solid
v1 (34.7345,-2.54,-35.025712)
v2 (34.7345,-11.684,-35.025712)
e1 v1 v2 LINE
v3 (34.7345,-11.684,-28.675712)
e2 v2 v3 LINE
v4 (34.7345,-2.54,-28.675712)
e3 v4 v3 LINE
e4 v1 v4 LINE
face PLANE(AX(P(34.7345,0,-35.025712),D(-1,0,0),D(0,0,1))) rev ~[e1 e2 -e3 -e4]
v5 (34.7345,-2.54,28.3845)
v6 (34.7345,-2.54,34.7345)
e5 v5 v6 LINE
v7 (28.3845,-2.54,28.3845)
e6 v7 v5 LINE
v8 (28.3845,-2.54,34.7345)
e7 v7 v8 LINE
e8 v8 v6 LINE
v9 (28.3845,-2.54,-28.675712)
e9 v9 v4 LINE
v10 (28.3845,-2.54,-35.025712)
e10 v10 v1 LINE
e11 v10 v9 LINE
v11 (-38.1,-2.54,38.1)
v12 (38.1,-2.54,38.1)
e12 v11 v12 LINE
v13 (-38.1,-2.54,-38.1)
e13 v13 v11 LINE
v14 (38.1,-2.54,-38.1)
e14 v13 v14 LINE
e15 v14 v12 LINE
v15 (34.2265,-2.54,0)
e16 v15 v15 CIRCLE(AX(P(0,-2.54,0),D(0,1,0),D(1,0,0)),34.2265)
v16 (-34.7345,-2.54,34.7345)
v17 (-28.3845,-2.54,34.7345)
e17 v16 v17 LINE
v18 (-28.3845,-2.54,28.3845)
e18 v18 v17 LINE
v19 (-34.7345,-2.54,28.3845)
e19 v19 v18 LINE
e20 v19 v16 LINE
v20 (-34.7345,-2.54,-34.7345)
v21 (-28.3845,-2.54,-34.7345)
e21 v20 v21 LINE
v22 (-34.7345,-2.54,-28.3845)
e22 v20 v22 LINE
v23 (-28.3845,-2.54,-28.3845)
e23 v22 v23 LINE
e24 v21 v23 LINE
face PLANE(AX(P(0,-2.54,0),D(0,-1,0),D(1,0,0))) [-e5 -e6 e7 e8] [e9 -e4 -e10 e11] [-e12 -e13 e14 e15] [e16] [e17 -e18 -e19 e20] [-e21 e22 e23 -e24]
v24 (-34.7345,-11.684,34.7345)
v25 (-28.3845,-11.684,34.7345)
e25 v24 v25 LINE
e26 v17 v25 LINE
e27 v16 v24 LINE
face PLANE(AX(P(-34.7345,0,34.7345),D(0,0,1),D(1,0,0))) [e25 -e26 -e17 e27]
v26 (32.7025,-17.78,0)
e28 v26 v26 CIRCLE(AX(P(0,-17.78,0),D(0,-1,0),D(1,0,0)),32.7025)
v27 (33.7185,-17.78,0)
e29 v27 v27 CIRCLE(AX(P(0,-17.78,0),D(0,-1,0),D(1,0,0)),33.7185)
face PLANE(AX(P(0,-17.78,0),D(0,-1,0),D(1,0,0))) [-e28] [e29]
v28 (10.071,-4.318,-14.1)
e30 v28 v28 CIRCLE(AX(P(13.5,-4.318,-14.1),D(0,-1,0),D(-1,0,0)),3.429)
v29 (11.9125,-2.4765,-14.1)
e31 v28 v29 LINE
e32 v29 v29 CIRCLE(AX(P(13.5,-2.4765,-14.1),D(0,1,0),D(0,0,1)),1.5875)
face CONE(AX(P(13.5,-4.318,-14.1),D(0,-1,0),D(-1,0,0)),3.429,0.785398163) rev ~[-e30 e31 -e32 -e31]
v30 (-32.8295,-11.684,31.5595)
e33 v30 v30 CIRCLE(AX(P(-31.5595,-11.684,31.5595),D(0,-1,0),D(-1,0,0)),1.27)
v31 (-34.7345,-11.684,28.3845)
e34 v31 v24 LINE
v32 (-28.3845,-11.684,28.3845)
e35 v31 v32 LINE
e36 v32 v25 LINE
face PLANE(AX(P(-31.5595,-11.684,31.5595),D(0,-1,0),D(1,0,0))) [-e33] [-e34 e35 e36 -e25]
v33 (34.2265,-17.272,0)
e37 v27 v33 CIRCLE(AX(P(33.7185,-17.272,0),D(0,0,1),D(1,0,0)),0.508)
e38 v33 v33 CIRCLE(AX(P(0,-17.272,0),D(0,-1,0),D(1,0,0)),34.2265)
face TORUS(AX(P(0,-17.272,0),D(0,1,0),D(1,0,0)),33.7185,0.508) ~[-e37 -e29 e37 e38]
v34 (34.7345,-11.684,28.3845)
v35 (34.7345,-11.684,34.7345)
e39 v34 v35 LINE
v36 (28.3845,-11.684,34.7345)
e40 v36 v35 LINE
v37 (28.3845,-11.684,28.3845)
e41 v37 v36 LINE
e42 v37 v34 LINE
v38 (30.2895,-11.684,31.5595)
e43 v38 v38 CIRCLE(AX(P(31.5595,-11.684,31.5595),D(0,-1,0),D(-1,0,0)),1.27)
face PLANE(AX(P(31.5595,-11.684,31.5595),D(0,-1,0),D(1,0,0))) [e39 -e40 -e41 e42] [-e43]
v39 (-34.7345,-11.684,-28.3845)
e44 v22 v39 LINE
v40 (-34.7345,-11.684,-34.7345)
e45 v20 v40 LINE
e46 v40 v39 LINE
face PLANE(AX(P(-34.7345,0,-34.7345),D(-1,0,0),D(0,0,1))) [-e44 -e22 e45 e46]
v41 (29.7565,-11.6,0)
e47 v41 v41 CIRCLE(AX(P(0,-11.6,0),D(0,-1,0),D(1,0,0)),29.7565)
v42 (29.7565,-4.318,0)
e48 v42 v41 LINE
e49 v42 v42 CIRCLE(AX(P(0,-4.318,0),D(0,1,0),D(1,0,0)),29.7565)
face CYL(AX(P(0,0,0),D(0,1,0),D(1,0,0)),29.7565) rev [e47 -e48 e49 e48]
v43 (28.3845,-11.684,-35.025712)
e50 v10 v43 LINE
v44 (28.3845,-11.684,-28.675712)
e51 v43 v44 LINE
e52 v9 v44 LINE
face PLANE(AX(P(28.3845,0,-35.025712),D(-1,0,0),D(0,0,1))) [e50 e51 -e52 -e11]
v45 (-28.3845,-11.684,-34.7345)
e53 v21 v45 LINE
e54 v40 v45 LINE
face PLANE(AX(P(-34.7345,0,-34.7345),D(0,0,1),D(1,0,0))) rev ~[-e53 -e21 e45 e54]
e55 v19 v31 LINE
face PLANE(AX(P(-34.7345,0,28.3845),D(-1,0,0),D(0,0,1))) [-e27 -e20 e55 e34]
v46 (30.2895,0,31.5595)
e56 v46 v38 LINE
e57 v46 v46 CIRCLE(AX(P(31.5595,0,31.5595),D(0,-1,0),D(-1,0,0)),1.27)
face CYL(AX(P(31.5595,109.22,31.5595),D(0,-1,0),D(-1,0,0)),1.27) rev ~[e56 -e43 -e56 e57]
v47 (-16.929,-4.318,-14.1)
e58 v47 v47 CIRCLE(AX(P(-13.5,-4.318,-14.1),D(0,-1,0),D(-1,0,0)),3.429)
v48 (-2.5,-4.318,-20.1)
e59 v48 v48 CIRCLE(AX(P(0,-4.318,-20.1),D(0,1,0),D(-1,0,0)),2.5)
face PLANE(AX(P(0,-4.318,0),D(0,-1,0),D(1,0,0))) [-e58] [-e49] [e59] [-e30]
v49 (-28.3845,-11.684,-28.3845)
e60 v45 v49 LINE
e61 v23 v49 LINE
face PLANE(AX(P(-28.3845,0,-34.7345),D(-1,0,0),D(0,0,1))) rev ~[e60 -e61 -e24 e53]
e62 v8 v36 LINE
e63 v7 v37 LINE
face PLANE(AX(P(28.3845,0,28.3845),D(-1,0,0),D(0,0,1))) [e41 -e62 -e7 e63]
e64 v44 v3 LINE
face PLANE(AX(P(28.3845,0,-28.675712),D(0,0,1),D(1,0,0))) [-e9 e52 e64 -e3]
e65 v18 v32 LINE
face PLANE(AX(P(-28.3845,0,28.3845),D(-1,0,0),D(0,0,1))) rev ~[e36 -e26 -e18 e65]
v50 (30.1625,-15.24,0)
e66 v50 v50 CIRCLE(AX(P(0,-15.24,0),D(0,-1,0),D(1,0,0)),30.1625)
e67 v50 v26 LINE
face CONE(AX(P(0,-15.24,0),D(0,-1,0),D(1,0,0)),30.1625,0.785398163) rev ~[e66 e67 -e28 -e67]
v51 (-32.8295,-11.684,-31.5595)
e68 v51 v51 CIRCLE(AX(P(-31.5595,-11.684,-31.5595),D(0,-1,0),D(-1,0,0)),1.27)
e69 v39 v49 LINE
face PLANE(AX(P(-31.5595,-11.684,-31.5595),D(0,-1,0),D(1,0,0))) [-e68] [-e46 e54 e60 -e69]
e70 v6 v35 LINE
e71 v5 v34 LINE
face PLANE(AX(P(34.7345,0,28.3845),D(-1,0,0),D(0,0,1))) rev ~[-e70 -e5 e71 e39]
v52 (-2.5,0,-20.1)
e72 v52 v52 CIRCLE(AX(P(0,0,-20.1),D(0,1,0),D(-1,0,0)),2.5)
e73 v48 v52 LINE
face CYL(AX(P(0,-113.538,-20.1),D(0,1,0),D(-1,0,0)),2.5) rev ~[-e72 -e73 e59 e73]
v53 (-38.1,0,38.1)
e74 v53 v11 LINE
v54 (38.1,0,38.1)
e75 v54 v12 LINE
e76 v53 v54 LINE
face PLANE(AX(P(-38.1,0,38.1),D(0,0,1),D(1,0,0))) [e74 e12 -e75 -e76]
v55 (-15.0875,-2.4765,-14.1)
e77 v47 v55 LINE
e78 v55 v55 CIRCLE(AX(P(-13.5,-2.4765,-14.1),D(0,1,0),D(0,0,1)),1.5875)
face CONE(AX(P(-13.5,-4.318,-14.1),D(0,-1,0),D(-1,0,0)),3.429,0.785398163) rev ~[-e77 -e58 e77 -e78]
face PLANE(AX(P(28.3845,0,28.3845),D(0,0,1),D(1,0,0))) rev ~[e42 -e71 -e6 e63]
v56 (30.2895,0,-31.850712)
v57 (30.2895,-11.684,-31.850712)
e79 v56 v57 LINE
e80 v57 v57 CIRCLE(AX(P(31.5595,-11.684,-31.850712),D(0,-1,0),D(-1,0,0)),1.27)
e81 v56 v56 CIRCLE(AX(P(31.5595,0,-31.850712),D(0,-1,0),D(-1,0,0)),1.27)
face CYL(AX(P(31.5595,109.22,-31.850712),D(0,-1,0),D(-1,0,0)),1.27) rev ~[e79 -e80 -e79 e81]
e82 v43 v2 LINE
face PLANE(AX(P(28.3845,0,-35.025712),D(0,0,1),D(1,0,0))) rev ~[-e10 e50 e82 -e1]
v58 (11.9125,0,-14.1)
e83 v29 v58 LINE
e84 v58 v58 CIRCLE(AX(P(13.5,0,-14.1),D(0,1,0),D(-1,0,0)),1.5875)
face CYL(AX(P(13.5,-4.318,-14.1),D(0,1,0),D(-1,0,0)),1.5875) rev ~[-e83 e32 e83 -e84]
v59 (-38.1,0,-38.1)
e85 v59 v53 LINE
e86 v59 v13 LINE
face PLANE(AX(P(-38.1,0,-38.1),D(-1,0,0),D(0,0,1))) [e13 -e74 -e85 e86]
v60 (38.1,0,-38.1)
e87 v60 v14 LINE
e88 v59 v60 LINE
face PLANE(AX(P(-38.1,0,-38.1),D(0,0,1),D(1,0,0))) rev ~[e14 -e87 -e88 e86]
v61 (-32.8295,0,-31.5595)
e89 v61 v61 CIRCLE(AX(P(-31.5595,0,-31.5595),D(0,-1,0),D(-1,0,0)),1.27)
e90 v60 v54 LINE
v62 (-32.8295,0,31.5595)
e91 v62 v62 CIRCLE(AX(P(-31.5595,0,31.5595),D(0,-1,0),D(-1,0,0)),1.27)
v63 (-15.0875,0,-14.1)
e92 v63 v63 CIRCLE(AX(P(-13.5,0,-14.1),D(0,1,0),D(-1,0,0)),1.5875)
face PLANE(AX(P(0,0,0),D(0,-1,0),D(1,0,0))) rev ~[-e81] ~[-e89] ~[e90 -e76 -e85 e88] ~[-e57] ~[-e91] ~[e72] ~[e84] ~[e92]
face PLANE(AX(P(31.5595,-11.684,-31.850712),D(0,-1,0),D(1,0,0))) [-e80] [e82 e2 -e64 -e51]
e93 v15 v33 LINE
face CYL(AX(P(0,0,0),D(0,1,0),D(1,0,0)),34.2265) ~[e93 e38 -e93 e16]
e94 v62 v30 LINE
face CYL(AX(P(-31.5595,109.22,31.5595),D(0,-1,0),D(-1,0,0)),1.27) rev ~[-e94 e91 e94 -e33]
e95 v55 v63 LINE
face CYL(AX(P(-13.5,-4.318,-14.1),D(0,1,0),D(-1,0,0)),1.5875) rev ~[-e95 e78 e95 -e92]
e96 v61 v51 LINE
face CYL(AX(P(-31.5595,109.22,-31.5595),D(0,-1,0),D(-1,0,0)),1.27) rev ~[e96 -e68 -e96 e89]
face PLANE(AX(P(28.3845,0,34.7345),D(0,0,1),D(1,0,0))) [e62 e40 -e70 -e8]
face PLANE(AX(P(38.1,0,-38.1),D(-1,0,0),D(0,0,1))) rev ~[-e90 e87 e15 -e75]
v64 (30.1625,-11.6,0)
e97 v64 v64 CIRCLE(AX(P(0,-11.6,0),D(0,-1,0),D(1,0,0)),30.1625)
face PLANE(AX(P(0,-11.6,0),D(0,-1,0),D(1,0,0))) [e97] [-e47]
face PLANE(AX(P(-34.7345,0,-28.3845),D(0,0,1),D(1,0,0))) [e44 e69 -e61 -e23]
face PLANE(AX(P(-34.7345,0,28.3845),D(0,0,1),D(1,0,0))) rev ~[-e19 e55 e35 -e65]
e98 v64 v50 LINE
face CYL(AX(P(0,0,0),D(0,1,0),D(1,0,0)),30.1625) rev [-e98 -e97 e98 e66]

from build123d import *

# Parameters (mm, degrees)
F0_R           = 30.1625
F1_DEPTH       = 4.318
F2_R           = 34.2265
F2_R_2         = 30.1625
F3_DEPTH       = 17.78
F0_W           = 76.2
F0_H           = 76.2
F0_W_2         = 6.35
F0_H_2         = 6.35
F4_DEPTH       = 2.54
F5_DEPTH       = 11.684
F6_D           = 2.54
F8_D           = 3.175
F8_CSINK_D     = 6.858
F8_CSINK_ANGLE = 90
F9_SIZE        = 2.54
F10_R          = 0.508
F11_R          = 30.1625
F11_R_2        = 29.7565
F12_DEPTH      = 11.6
F13_D          = 5


with BuildPart() as f1:
    # F0 (on Front) → F1 (new body)
    with BuildSketch(Plane.XZ):
        Circle(F0_R)
    extrude(amount=F1_DEPTH)

    # F2 (on Front) → F3 (join)
    with BuildSketch(Plane.XZ):
        Circle(F2_R)
        Circle(F2_R_2, mode=Mode.SUBTRACT)
    extrude(amount=F3_DEPTH)

    # F0 (on Front) → F4 (join)
    with BuildSketch(Plane.XZ):
        Rectangle(F0_W, F0_H)
        with Locations((-31.5595, -31.5595)):
            Rectangle(F0_W_2, F0_H_2, mode=Mode.SUBTRACT)
        with Locations((31.5595, -31.8507122787)):
            Rectangle(F0_W_2, F0_H_2, mode=Mode.SUBTRACT)
        with Locations((-31.5595, 31.5595)):
            Rectangle(F0_W_2, F0_H_2, mode=Mode.SUBTRACT)
        Circle(F0_R, mode=Mode.SUBTRACT)
        with Locations((31.5595, 31.5595)):
            Rectangle(F0_W_2, F0_H_2, mode=Mode.SUBTRACT)
    extrude(amount=F4_DEPTH)

    # F0 (on Front) → F5 (join)
    with BuildSketch(Plane.XZ):
        with Locations((-31.5595, -31.5595)):
            Rectangle(F0_W_2, F0_H_2)
        with Locations((-31.5595, 31.5595)):
            Rectangle(F0_W_2, F0_H_2)
        with Locations((31.5595, 31.5595)):
            Rectangle(F0_W_2, F0_H_2)
        with Locations((31.5595, -31.8507122787)):
            Rectangle(F0_W_2, F0_H_2)
    extrude(amount=F5_DEPTH)

    # F6 (through all)
    with Locations(Plane(origin=(0, 0, 0), x_dir=(1, 0, 0), z_dir=(0, 1, 0))):
        with Locations((-31.5595, -31.5595), (31.5595, -31.5595), (-31.5595, 31.5595), (31.5595, 31.8507122787)):
            Hole(F6_D / 2)

    # F8 (through all)
    with Locations(Plane.XZ.offset(4.318)):
        with Locations((-13.5, -14.1), (13.5, -14.1)):
            CounterSinkHole(F8_D / 2, F8_CSINK_D / 2, counter_sink_angle=F8_CSINK_ANGLE)

    # F9
    f9_edges = [f1.edges().sort_by_distance(p)[0] for p in [
        (-30.1625, -17.78, 0),
    ]]
    chamfer(f9_edges, length=F9_SIZE)

    # F10
    f10_edges = [f1.edges().sort_by_distance(p)[0] for p in [
        (-34.2265, -17.78, 0),
    ]]
    fillet(f10_edges, radius=F10_R)

    # F11 (on Front) → F12 (join)
    with BuildSketch(Plane.XZ):
        Circle(F11_R)
        Circle(F11_R_2, mode=Mode.SUBTRACT)
    extrude(amount=F12_DEPTH)

    # F13 (through all)
    with Locations(Plane.XZ.offset(4.318)):
        with Locations((0, -20.1)):
            Hole(F13_D / 2)


solid = f1.part
